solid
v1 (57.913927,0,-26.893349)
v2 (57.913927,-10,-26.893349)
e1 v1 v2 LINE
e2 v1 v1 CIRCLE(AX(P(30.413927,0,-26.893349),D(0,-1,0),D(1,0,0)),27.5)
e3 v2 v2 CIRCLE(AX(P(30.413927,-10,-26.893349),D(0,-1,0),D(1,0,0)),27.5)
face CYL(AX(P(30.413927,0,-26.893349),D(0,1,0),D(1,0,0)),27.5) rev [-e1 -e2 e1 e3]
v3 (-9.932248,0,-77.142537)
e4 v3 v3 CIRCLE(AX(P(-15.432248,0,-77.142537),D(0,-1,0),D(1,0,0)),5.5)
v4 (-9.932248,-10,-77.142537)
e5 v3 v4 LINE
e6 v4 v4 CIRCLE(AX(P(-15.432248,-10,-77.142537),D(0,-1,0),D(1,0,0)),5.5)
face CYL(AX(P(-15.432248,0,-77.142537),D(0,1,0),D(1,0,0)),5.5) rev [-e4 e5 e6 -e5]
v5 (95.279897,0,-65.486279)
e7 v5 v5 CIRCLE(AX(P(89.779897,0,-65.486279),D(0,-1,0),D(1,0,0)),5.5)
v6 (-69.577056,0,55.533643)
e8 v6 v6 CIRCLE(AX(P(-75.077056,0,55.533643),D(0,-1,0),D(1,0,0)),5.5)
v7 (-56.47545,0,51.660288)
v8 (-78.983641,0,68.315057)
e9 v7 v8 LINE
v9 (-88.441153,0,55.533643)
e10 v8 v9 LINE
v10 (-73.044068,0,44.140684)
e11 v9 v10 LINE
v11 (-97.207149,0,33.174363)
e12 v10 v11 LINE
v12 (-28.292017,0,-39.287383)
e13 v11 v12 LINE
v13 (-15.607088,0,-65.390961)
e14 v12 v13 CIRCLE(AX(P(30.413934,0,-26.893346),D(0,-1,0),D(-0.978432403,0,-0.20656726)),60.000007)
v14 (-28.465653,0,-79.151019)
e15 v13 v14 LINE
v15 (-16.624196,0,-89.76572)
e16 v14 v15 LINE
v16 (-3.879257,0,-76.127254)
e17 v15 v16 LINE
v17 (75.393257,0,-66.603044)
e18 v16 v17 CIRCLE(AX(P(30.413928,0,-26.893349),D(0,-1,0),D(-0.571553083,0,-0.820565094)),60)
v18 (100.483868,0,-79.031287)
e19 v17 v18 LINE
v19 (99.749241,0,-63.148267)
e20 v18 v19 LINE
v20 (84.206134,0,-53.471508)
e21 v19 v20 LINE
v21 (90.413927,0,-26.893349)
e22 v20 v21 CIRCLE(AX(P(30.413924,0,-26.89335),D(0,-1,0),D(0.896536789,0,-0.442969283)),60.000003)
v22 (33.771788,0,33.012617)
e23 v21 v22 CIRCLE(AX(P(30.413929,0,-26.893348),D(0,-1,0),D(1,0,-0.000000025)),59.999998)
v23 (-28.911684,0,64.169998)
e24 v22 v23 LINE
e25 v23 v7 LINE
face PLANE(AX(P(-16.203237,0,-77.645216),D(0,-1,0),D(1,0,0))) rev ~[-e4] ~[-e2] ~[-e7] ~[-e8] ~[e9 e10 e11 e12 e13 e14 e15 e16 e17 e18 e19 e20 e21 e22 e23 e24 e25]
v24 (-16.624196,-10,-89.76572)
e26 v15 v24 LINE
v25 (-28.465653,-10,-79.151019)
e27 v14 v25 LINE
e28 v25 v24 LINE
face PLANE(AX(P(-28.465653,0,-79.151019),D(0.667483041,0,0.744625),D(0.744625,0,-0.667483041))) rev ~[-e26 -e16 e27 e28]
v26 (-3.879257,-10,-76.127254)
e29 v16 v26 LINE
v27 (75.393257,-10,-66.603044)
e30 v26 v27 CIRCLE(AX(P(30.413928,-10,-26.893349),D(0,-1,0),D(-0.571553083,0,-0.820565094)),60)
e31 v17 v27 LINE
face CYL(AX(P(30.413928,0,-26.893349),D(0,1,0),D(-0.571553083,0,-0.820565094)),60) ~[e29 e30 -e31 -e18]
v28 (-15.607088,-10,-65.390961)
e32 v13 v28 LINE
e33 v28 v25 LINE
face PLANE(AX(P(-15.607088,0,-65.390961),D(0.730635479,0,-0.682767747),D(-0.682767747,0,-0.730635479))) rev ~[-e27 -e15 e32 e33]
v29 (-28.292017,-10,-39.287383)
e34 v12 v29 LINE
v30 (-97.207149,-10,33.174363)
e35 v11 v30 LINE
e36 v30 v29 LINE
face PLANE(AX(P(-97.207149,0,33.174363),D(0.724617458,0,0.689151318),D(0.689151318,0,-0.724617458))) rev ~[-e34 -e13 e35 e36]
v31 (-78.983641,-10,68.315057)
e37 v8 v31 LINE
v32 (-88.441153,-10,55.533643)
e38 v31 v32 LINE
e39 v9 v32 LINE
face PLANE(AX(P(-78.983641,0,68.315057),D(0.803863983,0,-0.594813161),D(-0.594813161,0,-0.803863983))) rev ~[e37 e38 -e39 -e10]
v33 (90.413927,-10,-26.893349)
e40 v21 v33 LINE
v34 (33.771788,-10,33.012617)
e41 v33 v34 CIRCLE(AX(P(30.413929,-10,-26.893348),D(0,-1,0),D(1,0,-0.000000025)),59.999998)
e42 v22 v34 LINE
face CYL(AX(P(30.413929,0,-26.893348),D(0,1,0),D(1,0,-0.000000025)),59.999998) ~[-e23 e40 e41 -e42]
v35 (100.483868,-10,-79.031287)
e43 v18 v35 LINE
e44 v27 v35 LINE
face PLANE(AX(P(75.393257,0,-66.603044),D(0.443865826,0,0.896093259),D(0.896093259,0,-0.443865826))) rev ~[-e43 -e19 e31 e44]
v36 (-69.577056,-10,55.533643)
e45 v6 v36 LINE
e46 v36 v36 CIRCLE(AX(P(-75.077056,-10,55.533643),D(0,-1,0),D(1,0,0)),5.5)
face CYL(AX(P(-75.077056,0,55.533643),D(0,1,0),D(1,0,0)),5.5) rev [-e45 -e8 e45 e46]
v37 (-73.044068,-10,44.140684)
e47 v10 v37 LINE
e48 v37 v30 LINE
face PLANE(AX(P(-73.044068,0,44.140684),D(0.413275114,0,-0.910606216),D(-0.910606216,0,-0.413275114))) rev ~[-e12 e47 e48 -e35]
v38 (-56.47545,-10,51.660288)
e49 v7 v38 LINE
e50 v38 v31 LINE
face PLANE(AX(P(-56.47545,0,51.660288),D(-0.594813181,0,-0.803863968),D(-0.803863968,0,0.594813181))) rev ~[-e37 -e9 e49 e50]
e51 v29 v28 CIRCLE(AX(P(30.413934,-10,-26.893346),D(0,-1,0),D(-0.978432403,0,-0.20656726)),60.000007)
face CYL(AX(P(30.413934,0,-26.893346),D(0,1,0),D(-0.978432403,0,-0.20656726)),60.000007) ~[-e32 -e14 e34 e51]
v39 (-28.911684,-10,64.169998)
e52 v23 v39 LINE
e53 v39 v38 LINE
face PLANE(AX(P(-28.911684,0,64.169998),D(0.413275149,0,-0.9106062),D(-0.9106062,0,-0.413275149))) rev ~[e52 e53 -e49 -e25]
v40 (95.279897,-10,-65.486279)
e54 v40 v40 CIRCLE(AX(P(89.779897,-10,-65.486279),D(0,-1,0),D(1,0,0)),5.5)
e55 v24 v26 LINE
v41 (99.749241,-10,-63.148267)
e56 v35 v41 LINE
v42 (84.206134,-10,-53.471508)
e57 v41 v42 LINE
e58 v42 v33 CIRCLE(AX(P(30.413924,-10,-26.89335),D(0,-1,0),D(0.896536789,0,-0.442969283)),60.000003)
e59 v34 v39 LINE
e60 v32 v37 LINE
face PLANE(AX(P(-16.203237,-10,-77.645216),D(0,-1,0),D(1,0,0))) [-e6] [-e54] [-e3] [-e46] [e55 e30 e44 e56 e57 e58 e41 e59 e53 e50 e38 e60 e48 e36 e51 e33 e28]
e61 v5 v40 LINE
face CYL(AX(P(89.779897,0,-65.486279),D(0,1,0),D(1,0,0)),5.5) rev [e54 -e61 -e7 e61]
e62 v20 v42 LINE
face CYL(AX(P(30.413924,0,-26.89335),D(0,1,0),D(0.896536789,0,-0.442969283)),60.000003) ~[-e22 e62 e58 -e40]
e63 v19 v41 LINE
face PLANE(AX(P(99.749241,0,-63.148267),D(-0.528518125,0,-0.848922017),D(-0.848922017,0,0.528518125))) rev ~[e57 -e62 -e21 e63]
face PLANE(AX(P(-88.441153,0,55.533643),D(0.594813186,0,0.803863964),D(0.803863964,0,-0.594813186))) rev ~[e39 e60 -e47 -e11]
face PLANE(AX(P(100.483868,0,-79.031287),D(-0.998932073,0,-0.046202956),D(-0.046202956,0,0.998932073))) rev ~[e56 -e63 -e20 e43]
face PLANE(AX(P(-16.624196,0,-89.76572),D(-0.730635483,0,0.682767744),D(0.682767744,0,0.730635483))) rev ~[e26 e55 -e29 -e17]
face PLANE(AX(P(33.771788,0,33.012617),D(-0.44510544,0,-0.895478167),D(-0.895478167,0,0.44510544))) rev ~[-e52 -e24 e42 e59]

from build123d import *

# Parameters (mm, degrees)
F0_R     = 27.5
F0_R_2   = 5.5
F1_DEPTH = 10
F2_DEPTH = 10


with BuildPart() as f1:
    # F0 (on Front) → F1 (new body)
    with BuildSketch(Plane.XZ):
        with BuildLine():
            ThreePointArc((-28.292017, -39.287383), (-15.112714, 12.187656), (33.771788, 33.012617))
            Line((33.771788, 33.012617), (-28.911684, 64.169998))
            Line((-28.911684, 64.169998), (-56.47545, 51.660288))
            Line((-56.47545, 51.660288), (-73.044068, 44.140684))
            Line((-73.044068, 44.140684), (-97.207149, 33.174363))
            Line((-97.207149, 33.174363), (-28.292017, -39.287383))
        make_face()
        with BuildLine():
            ThreePointArc((84.206134, -53.471508), (88.841371, -40.5401), (90.413927, -26.893349))
            ThreePointArc((90.413927, -26.893349), (74.011357, 14.328783), (33.771788, 33.012617))
            ThreePointArc((33.771788, 33.012617), (-15.112714, 12.187656), (-28.292017, -39.287383))
            ThreePointArc((-28.292017, -39.287383), (-23.551647, -53.117703), (-15.607088, -65.390961))
            ThreePointArc((-15.607088, -65.390961), (-10.100387, -71.149312), (-3.879257, -76.127254))
            ThreePointArc((-3.879257, -76.127254), (37.571166, -86.464935), (75.393257, -66.603044))
            ThreePointArc((75.393257, -66.603044), (80.234238, -60.328908), (84.206134, -53.471508))
        make_face()
        with Locations((30.413927, -26.893349)):
            Circle(F0_R, mode=Mode.SUBTRACT)
        with BuildLine():
            Line((99.749241, -63.148267), (84.206134, -53.471508))
            ThreePointArc((84.206134, -53.471508), (80.234238, -60.328908), (75.393257, -66.603044))
            Line((75.393257, -66.603044), (100.483868, -79.031287))
            Line((100.483868, -79.031287), (99.749241, -63.148267))
        make_face()
        with Locations((89.779897, -65.486279)):
            Circle(F0_R_2, mode=Mode.SUBTRACT)
        Polygon((-73.044068, 44.140684), (-56.47545, 51.660288), (-78.983641, 68.315057), (-88.441153, 55.533643), align=None)
        with Locations((-75.077056, 55.533643)):
            Circle(F0_R_2, mode=Mode.SUBTRACT)
    extrude(amount=F1_DEPTH)

    # F0 (on Front) → F2 (join)
    with BuildSketch(Plane.XZ):
        with BuildLine():
            ThreePointArc((-3.879257, -76.127254), (-10.100387, -71.149312), (-15.607088, -65.390961))
            Line((-15.607088, -65.390961), (-28.465653, -79.151019))
            Line((-28.465653, -79.151019), (-16.624196, -89.76572))
            Line((-16.624196, -89.76572), (-3.879257, -76.127254))
        make_face()
        with Locations((-15.432248, -77.142537)):
            Circle(F0_R_2, mode=Mode.SUBTRACT)
    extrude(amount=F2_DEPTH)


solid = f1.part
